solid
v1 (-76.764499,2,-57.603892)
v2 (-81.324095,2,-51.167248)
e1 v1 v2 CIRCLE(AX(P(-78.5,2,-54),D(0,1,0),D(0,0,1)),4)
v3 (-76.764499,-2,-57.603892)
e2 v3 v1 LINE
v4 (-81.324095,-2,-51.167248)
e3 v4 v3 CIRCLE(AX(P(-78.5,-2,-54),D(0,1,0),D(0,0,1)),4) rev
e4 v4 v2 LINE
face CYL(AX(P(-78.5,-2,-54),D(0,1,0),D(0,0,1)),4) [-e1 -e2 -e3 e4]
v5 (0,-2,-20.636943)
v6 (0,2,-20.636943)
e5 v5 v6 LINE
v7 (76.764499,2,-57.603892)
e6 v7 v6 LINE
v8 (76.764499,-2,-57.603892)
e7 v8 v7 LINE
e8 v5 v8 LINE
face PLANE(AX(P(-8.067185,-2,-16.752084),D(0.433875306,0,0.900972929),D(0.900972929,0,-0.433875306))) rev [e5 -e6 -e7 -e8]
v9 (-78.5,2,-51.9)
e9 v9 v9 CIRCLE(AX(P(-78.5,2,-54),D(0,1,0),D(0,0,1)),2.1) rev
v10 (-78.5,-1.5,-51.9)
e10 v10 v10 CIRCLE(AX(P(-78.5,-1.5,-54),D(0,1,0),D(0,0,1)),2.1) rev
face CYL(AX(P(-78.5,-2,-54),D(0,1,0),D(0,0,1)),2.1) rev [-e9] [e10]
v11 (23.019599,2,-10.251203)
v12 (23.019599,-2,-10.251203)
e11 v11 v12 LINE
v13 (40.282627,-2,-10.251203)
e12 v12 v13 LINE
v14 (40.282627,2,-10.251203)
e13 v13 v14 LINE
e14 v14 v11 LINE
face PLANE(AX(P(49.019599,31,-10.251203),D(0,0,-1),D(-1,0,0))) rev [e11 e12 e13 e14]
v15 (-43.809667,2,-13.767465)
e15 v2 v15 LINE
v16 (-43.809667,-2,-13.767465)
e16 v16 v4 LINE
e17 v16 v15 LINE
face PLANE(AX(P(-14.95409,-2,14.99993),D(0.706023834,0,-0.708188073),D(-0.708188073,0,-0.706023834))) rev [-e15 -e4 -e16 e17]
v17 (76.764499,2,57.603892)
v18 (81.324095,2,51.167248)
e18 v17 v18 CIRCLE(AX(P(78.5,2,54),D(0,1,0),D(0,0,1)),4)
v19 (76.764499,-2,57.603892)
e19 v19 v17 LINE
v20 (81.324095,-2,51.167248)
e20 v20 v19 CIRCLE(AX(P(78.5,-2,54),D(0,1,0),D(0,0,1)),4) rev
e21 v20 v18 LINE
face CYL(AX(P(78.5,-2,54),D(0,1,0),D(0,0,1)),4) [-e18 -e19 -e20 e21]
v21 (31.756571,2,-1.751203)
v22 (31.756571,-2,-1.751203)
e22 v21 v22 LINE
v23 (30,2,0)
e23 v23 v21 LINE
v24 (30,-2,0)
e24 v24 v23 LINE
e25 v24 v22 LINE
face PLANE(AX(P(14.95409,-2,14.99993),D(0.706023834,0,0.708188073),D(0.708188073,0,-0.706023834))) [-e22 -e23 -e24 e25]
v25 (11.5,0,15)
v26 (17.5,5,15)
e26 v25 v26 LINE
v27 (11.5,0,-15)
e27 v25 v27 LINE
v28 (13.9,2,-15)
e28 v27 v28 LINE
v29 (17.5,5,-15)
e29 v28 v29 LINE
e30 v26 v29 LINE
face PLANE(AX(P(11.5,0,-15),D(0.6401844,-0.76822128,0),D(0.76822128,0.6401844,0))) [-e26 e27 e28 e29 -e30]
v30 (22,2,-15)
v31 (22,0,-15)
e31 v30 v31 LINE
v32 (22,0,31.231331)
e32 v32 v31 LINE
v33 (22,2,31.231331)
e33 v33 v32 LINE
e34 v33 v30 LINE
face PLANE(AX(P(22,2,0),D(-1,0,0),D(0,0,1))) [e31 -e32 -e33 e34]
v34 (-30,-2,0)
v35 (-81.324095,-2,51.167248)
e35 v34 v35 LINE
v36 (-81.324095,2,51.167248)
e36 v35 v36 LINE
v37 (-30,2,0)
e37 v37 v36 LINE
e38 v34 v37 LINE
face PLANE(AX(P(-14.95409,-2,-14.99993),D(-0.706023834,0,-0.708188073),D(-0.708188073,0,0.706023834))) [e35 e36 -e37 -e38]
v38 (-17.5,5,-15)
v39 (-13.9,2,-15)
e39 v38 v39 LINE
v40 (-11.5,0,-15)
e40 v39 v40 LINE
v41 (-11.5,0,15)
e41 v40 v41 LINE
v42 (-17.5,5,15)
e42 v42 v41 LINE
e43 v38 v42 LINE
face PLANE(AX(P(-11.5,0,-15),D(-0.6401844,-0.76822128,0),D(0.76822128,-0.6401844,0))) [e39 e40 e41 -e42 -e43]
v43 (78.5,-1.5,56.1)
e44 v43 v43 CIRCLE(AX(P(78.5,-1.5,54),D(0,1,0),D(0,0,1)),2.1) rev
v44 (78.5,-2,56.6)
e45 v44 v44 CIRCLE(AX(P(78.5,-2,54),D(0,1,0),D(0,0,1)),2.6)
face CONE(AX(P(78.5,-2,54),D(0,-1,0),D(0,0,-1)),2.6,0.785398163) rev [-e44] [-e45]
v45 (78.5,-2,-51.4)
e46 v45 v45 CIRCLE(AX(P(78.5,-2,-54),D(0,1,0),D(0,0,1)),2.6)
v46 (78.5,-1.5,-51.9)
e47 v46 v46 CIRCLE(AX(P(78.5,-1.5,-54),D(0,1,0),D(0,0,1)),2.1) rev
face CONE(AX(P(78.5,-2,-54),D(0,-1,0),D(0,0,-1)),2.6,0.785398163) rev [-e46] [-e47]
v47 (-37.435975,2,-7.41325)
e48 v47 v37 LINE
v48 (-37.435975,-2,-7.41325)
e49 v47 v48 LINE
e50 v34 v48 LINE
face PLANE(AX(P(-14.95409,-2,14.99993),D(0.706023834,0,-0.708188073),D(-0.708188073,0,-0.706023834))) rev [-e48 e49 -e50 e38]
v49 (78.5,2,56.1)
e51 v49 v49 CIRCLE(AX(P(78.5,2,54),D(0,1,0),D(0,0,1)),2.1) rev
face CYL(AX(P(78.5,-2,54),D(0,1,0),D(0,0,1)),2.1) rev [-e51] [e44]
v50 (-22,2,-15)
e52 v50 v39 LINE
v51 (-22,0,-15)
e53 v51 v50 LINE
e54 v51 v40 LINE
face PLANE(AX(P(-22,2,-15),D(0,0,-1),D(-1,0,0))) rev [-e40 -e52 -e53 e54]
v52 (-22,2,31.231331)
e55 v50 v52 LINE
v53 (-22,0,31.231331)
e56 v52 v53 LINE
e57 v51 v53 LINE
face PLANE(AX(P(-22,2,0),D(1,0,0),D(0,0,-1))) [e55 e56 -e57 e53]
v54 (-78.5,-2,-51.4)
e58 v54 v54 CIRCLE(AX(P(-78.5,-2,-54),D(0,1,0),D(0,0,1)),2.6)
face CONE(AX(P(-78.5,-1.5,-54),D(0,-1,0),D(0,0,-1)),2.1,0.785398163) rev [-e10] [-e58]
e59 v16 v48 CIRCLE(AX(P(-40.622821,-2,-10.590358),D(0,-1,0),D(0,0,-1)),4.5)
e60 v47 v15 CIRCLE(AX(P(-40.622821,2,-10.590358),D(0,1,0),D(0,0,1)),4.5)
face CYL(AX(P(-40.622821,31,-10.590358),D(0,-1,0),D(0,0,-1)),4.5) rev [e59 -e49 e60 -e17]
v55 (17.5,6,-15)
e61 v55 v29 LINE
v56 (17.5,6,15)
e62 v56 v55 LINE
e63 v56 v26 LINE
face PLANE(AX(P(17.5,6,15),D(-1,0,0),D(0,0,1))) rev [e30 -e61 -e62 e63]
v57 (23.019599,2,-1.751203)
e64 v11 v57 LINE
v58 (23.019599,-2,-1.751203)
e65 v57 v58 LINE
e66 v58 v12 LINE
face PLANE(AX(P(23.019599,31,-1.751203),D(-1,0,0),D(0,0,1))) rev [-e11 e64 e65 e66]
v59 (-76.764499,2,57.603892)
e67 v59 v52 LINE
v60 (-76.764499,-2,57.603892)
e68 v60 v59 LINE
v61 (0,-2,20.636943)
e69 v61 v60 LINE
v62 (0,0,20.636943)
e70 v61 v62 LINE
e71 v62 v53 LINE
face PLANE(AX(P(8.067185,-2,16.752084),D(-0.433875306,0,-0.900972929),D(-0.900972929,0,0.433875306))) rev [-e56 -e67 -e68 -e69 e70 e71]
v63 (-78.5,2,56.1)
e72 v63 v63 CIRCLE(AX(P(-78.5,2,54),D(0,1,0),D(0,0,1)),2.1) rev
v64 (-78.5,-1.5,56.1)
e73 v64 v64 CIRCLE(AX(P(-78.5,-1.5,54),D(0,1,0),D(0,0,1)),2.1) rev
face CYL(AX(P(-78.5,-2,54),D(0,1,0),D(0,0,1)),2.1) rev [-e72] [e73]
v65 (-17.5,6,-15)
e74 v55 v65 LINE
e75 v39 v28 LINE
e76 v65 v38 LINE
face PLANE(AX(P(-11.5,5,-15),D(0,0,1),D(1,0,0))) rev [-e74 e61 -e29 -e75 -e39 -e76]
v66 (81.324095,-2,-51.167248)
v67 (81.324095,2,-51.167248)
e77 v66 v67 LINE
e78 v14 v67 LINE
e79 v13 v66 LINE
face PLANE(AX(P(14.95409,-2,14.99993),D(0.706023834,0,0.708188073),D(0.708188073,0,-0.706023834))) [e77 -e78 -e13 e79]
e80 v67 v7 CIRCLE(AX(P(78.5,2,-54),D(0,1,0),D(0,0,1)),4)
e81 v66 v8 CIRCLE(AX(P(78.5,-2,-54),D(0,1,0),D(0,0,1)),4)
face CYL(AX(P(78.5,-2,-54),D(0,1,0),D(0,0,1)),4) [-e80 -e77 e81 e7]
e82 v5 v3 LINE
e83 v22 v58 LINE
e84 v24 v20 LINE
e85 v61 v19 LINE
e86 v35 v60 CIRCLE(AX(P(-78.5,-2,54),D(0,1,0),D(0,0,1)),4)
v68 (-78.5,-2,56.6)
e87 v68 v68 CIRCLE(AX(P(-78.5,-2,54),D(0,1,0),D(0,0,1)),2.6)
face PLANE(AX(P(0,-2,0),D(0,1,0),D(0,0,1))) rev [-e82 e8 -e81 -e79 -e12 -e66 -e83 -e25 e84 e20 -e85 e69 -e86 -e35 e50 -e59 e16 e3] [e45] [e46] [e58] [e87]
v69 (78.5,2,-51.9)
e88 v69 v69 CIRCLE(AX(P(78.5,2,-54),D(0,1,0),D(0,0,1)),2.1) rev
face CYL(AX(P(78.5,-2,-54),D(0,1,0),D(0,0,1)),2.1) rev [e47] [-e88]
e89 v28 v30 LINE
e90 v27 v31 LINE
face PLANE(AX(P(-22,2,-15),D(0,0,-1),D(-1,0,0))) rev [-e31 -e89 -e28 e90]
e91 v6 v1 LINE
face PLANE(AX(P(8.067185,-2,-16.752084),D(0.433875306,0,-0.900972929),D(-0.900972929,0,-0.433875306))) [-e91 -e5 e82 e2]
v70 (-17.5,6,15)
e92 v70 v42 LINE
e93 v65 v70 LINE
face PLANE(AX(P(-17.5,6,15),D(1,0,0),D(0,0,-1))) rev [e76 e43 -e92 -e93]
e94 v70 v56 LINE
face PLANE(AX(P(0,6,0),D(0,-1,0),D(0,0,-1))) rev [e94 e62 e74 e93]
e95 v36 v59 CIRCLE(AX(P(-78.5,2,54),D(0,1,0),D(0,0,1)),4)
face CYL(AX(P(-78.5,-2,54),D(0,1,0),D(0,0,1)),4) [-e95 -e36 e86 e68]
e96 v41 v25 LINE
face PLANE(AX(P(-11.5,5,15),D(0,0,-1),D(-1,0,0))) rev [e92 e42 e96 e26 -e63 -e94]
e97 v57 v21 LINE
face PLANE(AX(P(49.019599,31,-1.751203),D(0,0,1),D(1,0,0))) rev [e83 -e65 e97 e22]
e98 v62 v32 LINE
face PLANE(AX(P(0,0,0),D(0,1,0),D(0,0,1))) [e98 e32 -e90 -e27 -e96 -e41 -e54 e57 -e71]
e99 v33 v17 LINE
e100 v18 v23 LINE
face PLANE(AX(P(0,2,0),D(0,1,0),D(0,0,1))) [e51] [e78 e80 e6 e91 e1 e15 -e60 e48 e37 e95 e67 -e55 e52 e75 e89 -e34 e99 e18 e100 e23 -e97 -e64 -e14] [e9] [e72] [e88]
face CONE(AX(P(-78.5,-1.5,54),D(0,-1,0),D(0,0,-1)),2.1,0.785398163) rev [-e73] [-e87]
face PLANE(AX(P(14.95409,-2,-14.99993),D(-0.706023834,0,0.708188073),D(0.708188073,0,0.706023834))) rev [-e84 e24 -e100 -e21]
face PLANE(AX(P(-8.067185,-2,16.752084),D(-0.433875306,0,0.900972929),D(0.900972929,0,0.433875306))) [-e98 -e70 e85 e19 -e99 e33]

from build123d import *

# Parameters (mm, degrees)
BOSS_EXTRUDE1_DEPTH = 2
BOSS_EXTRUDE2_DEPTH = 5
SKETCH5_W           = 35
SKETCH5_H           = 30.000000000000004
BOSS_EXTRUDE3_DEPTH = 1
BOSS_EXTRUDE4_DEPTH = 30
BOSS_EXTRUDE5_START = 2
SKETCH8_R           = 2.100000000000005
BOSS_EXTRUDE5_DEPTH = 2
SKETCH9_R           = 4.499999999999998
CUT_EXTRUDE1_DEPTH  = 33
CHAMFER1_SIZE       = 0.5


with BuildPart() as part:
    # Sketch2 → Boss-Extrude1 (new body)
    with BuildSketch(Plane(origin=(0, 0, 0), x_dir=(1, 0, 0), z_dir=(0, 1, 0))):
        Polygon((30.00000000000002, 3.36e-15), (0, 2.082e-14), (0, -20.636942675159247), (30, -20.636942675159247), align=None)
        Polygon((30, 20.636942675159247), (0, 20.636942675159247), (0, 2.132e-14), (30.00000000000002, 3.36e-15), align=None)
        with BuildLine():
            Line((74.5, 54), (69.28076131840885, 54))
            Line((69.28076131840886, 54), (0, 20.636942675159247))
            Line((0, 20.636942675159247), (30, 20.636942675159247))
            Line((30, 20.636942675159247), (30, 3.55e-15))
            Line((30.00000000000002, 3.36e-15), (78.5, 48.35178287541551))
            Line((78.5, 48.35178287541549), (78.5, 49.99999999999999))
            ThreePointArc((78.5, 49.99999999999999), (75.6715728752538, 51.17157287525381), (74.5, 54))
        make_face()
        with BuildLine():
            Line((78.5, -48.35178287541551), (30.00000000000002, 3.36e-15))
            Line((30, 3.55e-15), (30, -20.636942675159247))
            Line((30, -20.636942675159247), (0, -20.636942675159247))
            Line((0, -20.636942675159247), (69.28076131840886, -54))
            Line((69.28076131840885, -54), (74.5, -54))
            ThreePointArc((74.5, -54), (75.6715728752538, -51.1715728752538), (78.5, -49.99999999999999))
            Line((78.5, -50), (78.5, -48.351782875415495))
        make_face()
        with BuildLine():
            Line((76.76449877776258, 57.603891716965485), (69.28076131840886, 54))
            Line((69.28076131840885, 54), (74.5, 54))
            ThreePointArc((74.5, 54), (75.11311316332021, 56.12814415759957), (76.76449877776258, 57.60389171696549))
        make_face()
        with BuildLine():
            ThreePointArc((81.32409533436207, 51.16724770895258), (80.02790556576811, 50.30331167366048), (78.5, 49.99999999999999))
            Line((78.5, 49.99999999999999), (78.5, 48.35178287541549))
            Line((78.5, 48.35178287541551), (81.32409533436207, 51.16724770895259))
        make_face()
        with BuildLine():
            ThreePointArc((76.76449877776258, 57.60389171696549), (75.11311316332021, 56.12814415759957), (74.5, 54))
            Line((74.5, 54), (76.39999999999998, 54))
            ThreePointArc((76.39999999999999, 54), (78.5, 56.10000000000001), (80.60000000000001, 54))
            ThreePointArc((80.60000000000001, 54), (79.98492424049172, 52.515075759508214), (78.49999999999991, 51.89999999999999))
            Line((78.5, 51.89999999999999), (78.5, 49.99999999999999))
            ThreePointArc((78.5, 49.99999999999999), (80.02790556576811, 50.30331167366048), (81.32409533436207, 51.16724770895258))
            ThreePointArc((81.32409533436207, 51.16724770895258), (82.19434577005512, 52.46643900307948), (82.5, 54))
            ThreePointArc((82.5, 54), (80.62814415759956, 57.38688683667979), (76.76449877776258, 57.60389171696549))
        make_face()
        with BuildLine():
            Line((76.39999999999998, 54), (74.5, 54))
            ThreePointArc((74.5, 54), (75.6715728752538, 51.17157287525381), (78.5, 49.99999999999999))
            Line((78.5, 49.99999999999999), (78.5, 51.89999999999999))
            ThreePointArc((78.49999999999991, 51.89999999999999), (77.01507575950822, 52.51507575950828), (76.39999999999999, 54))
        make_face()
        with BuildLine():
            Line((74.5, -54), (69.28076131840885, -54))
            Line((69.28076131840886, -54), (76.76449877776258, -57.603891716965485))
            ThreePointArc((76.76449877776258, -57.60389171696549), (75.11311316332021, -56.12814415759957), (74.5, -54))
        make_face()
        with BuildLine():
            Line((81.32409533436207, -51.16724770895259), (78.5, -48.35178287541551))
            Line((78.5, -48.351782875415495), (78.5, -50))
            ThreePointArc((78.5, -49.99999999999999), (80.02790556576811, -50.30331167366048), (81.32409533436207, -51.16724770895258))
        make_face()
        with BuildLine():
            ThreePointArc((81.32409533436207, -51.16724770895258), (80.02790556576811, -50.30331167366048), (78.5, -49.99999999999999))
            Line((78.5, -50), (78.5, -51.89999999999999))
            ThreePointArc((78.50000000000009, -51.89999999999999), (79.98492424049178, -52.51507575950828), (80.60000000000001, -54))
            ThreePointArc((80.60000000000001, -54), (78.5, -56.10000000000001), (76.39999999999999, -54))
            Line((76.39999999999998, -54), (74.5, -54))
            ThreePointArc((74.5, -54), (75.11311316332021, -56.12814415759957), (76.76449877776258, -57.60389171696549))
            ThreePointArc((76.76449877776258, -57.60389171696549), (80.62814415759956, -57.38688683667979), (82.5, -54))
            ThreePointArc((82.5, -54), (82.19434577005512, -52.46643900307948), (81.32409533436207, -51.16724770895258))
        make_face()
        with BuildLine():
            Line((78.5, -51.89999999999999), (78.5, -50))
            ThreePointArc((78.5, -49.99999999999999), (75.6715728752538, -51.1715728752538), (74.5, -54))
            Line((74.5, -54), (76.39999999999998, -54))
            ThreePointArc((76.39999999999999, -54), (77.01507575950828, -52.515075759508214), (78.50000000000009, -51.89999999999999))
        make_face()
        with BuildLine():
            Line((-69.28076131840886, 54), (-74.5, 54))
            ThreePointArc((-74.5, 54), (-75.67157287525379, 51.17157287525382), (-78.49999999999994, 49.99999999999999))
            Line((-78.5, 49.99999999999999), (-78.5, 48.35178287541549))
            Line((-78.49999999999997, 48.35178287541548), (-30.00000000000002, 1.878e-14))
            Line((-30.00000000000002, 1.878e-14), (-78.50000000000001, -48.3517828754155))
            Line((-78.5, -48.351782875415495), (-78.5, -50))
            ThreePointArc((-78.49999999999994, -49.99999999999999), (-75.67157287525379, -51.17157287525382), (-74.5, -54))
            Line((-74.5, -54), (-69.28076131840886, -54))
            Line((-69.28076131840888, -54.00000000000001), (0, -20.636942675159247))
            Line((0, -20.636942675159247), (0, 2.132e-14))
            Line((0, 2.132e-14), (0, 20.636942675159247))
            Line((0, 20.636942675159247), (-69.28076131840888, 54.00000000000001))
        make_face()
        with BuildLine():
            ThreePointArc((-74.5, -54), (-75.67157287525379, -51.17157287525382), (-78.49999999999994, -49.99999999999999))
            Line((-78.5, -50), (-78.5, -51.89999999999999))
            ThreePointArc((-78.49999999999991, -51.89999999999999), (-77.01507575950822, -52.51507575950828), (-76.39999999999999, -54))
            Line((-76.39999999999999, -54), (-74.5, -54))
        make_face()
        with BuildLine():
            Line((-78.5, -51.89999999999999), (-78.5, -50))
            ThreePointArc((-78.49999999999994, -49.99999999999999), (-80.0279055657681, -50.30331167366047), (-81.32409533436207, -51.16724770895258))
            ThreePointArc((-81.32409533436207, -51.16724770895258), (-81.76402448010279, -56.312173045706096), (-76.76449877776258, -57.60389171696549))
            ThreePointArc((-76.76449877776258, -57.60389171696549), (-75.11311316332021, -56.12814415759957), (-74.5, -54))
            Line((-74.5, -54), (-76.39999999999999, -54))
            ThreePointArc((-76.39999999999999, -54), (-79.98492424049178, -55.48492424049172), (-78.49999999999991, -51.89999999999999))
        make_face()
        with BuildLine():
            Line((-69.28076131840886, -54), (-74.5, -54))
            ThreePointArc((-74.5, -54), (-75.11311316332021, -56.12814415759957), (-76.76449877776258, -57.60389171696549))
            Line((-76.76449877776258, -57.603891716965485), (-69.28076131840888, -54.00000000000001))
        make_face()
        with BuildLine():
            Line((-78.5, -50), (-78.5, -48.351782875415495))
            Line((-78.50000000000001, -48.3517828754155), (-81.32409533436207, -51.16724770895259))
            ThreePointArc((-81.32409533436207, -51.16724770895258), (-80.0279055657681, -50.30331167366047), (-78.49999999999994, -49.99999999999999))
        make_face()
        with BuildLine():
            ThreePointArc((-78.50000000000009, 51.89999999999999), (-79.98492424049172, 55.484924240491786), (-76.39999999999999, 54))
            Line((-76.39999999999999, 54), (-74.5, 54))
            ThreePointArc((-74.5, 54), (-75.11311316332021, 56.12814415759957), (-76.76449877776258, 57.60389171696549))
            ThreePointArc((-76.76449877776258, 57.60389171696549), (-81.76402448010279, 56.312173045706096), (-81.32409533436208, 51.16724770895258))
            ThreePointArc((-81.32409533436208, 51.16724770895258), (-80.0279055657681, 50.30331167366047), (-78.49999999999994, 49.99999999999999))
            Line((-78.5, 49.99999999999999), (-78.5, 51.89999999999999))
        make_face()
        with BuildLine():
            Line((-74.5, 54), (-76.39999999999999, 54))
            ThreePointArc((-76.39999999999999, 54), (-77.01507575950828, 52.515075759508214), (-78.50000000000009, 51.89999999999999))
            Line((-78.5, 51.89999999999999), (-78.5, 49.99999999999999))
            ThreePointArc((-78.49999999999994, 49.99999999999999), (-75.67157287525379, 51.17157287525382), (-74.5, 54))
        make_face()
        with BuildLine():
            ThreePointArc((-76.76449877776258, 57.60389171696549), (-75.11311316332021, 56.12814415759957), (-74.5, 54))
            Line((-74.5, 54), (-69.28076131840886, 54))
            Line((-69.28076131840888, 54.00000000000001), (-76.76449877776258, 57.603891716965485))
        make_face()
        with BuildLine():
            Line((-78.5, 48.35178287541549), (-78.5, 49.99999999999999))
            ThreePointArc((-78.49999999999994, 49.99999999999999), (-80.0279055657681, 50.30331167366047), (-81.32409533436208, 51.16724770895258))
            Line((-81.32409533436207, 51.16724770895259), (-78.49999999999997, 48.35178287541548))
        make_face()
    extrude(amount=-BOSS_EXTRUDE1_DEPTH)

    # Sketch4 → Boss-Extrude2 (add)
    with BuildSketch(Plane(origin=(0, 0, 0), x_dir=(1, 0, 0), z_dir=(0, 1, 0))):
        Polygon((-11.500000000000004, 15.000000000000002), (11.499999999999996, 15.000000000000002), (11.5, -14.999999999999998), (-11.5, -14.999999999999998), align=None)
    extrude(amount=BOSS_EXTRUDE2_DEPTH)

    # Sketch5 → Boss-Extrude3 (add)
    with BuildSketch(Plane(origin=(0, 5, 0), x_dir=(1, 0, 0), z_dir=(0, 1, 0))):
        Rectangle(SKETCH5_W, SKETCH5_H)
    extrude(amount=BOSS_EXTRUDE3_DEPTH)

    # Sketch6 → Boss-Extrude4 (add)
    with BuildSketch(Plane.XY.offset(14.999999999999998)):
        Polygon((11.5, 0), (17.499999999999996, 5), (11.5, 5), align=None)
        Polygon((-17.499999999999996, 5), (-11.5, 5), (-11.5, 0), align=None)
    extrude(amount=-BOSS_EXTRUDE4_DEPTH)

    # Sketch8 → Boss-Extrude5 (add)
    # profile 1 of 2: a face of its own
    with BuildSketch(Plane(origin=(0, 0, 0), x_dir=(1, 0, 0), z_dir=(0, 1, 0)).offset(BOSS_EXTRUDE5_START)):
        with BuildLine():
            Line((-21.999999999999996, 15.000000000000002), (-21.999999999999996, 17.887727530855102))
            Line((-21.999999999999996, 17.887727530855102), (22.000000000000004, 17.887727530855102))
            Line((22.000000000000004, 17.887727530855102), (22.000000000000004, 15.000000000000002))
            Line((22.000000000000004, 15.000000000000002), (22.00000000000001, -17.887727530855102))
            Line((22.00000000000001, -17.887727530855102), (22.00000000000001, -31.23133060015837))
            Line((22.000000000000014, -31.23133060015837), (76.76449877776258, -57.603891716965485))
            ThreePointArc((76.76449877776258, -57.60389171696549), (81.76402448010278, -56.312173045706096), (81.32409533436208, -51.16724770895259))
            Line((81.32409533436208, -51.16724770895258), (30.00000000000002, -1.745e-14))
            Line((30.00000000000002, -1.745e-14), (81.32409533436208, 51.16724770895258))
            ThreePointArc((81.32409533436208, 51.16724770895259), (81.76402448010279, 56.3121730457061), (76.76449877776258, 57.603891716965485))
            Line((76.76449877776258, 57.603891716965485), (0, 20.636942675159247))
            Line((0, 20.636942675159247), (-76.76449877776258, 57.603891716965485))
            ThreePointArc((-76.76449877776258, 57.60389171696549), (-81.76402448010278, 56.31217304570609), (-81.32409533436207, 51.16724770895258))
            Line((-81.32409533436207, 51.16724770895258), (-30.00000000000002, 2.082e-14))
            Line((-30.00000000000002, 2.082e-14), (-81.32409533436207, -51.16724770895257))
            ThreePointArc((-81.32409533436207, -51.16724770895257), (-81.76402448010279, -56.31217304570609), (-76.76449877776258, -57.60389171696549))
            Line((-76.76449877776258, -57.603891716965485), (-21.999999999999996, -31.23133060015836))
            Line((-21.99999999999999, -31.23133060015836), (-21.99999999999999, -17.887727530855102))
            Line((-21.99999999999999, -17.887727530855102), (-21.999999999999996, 15.000000000000002))
        make_face()
        with Locations(Location((-78.5, -54, 0), (0, 0, 270))):
            Circle(SKETCH8_R, mode=Mode.SUBTRACT)
        with Locations(Location((78.5, -54, 0), (0, 0, 270))):
            Circle(SKETCH8_R, mode=Mode.SUBTRACT)
        with Locations(Location((-78.5, 54, 0), (0, 0, 270))):
            Circle(SKETCH8_R, mode=Mode.SUBTRACT)
        with Locations(Location((78.5, 54, 0), (0, 0, 270))):
            Circle(SKETCH8_R, mode=Mode.SUBTRACT)
    # profile 2 of 2: a face of its own
    with BuildSketch(Plane(origin=(0, 0, 0), x_dir=(1, 0, 0), z_dir=(0, 1, 0)).offset(BOSS_EXTRUDE5_START)):
        Polygon((-21.999999999999996, 17.887727530855102), (-21.999999999999996, 15.000000000000002), (22.00000000000001, 15.000000000000002), (22.000000000000004, 17.887727530855102), align=None)
    extrude(amount=-BOSS_EXTRUDE5_DEPTH)

    # Sketch9 → Cut-Extrude1 (cut)
    with BuildSketch(Plane.XZ.offset(2)):
        with Locations((-40.622821091427824, -10.590357503857788)):
            Circle(SKETCH9_R)
        Polygon((49.01959861847579, -1.7512025855193758), (23.019598618475772, -1.7512025855193816), (23.019598618475772, -10.251202585519383), (49.01959861847579, -10.251202585519383), align=None)
    extrude(amount=-CUT_EXTRUDE1_DEPTH, mode=Mode.SUBTRACT)

    # Chamfer1
    chamfer1_edges = [part.edges().sort_by_distance(p)[0] for p in [
        (-80.60000000000001, -2, -54),
        (-78.50000000000009, -2, 56.099999999999994),
        (78.50000000000007, -2, -56.100000000000016),
        (80.6, -2, 54.00000000000003),
    ]]
    chamfer(chamfer1_edges, length=CHAMFER1_SIZE)


solid = part.part
